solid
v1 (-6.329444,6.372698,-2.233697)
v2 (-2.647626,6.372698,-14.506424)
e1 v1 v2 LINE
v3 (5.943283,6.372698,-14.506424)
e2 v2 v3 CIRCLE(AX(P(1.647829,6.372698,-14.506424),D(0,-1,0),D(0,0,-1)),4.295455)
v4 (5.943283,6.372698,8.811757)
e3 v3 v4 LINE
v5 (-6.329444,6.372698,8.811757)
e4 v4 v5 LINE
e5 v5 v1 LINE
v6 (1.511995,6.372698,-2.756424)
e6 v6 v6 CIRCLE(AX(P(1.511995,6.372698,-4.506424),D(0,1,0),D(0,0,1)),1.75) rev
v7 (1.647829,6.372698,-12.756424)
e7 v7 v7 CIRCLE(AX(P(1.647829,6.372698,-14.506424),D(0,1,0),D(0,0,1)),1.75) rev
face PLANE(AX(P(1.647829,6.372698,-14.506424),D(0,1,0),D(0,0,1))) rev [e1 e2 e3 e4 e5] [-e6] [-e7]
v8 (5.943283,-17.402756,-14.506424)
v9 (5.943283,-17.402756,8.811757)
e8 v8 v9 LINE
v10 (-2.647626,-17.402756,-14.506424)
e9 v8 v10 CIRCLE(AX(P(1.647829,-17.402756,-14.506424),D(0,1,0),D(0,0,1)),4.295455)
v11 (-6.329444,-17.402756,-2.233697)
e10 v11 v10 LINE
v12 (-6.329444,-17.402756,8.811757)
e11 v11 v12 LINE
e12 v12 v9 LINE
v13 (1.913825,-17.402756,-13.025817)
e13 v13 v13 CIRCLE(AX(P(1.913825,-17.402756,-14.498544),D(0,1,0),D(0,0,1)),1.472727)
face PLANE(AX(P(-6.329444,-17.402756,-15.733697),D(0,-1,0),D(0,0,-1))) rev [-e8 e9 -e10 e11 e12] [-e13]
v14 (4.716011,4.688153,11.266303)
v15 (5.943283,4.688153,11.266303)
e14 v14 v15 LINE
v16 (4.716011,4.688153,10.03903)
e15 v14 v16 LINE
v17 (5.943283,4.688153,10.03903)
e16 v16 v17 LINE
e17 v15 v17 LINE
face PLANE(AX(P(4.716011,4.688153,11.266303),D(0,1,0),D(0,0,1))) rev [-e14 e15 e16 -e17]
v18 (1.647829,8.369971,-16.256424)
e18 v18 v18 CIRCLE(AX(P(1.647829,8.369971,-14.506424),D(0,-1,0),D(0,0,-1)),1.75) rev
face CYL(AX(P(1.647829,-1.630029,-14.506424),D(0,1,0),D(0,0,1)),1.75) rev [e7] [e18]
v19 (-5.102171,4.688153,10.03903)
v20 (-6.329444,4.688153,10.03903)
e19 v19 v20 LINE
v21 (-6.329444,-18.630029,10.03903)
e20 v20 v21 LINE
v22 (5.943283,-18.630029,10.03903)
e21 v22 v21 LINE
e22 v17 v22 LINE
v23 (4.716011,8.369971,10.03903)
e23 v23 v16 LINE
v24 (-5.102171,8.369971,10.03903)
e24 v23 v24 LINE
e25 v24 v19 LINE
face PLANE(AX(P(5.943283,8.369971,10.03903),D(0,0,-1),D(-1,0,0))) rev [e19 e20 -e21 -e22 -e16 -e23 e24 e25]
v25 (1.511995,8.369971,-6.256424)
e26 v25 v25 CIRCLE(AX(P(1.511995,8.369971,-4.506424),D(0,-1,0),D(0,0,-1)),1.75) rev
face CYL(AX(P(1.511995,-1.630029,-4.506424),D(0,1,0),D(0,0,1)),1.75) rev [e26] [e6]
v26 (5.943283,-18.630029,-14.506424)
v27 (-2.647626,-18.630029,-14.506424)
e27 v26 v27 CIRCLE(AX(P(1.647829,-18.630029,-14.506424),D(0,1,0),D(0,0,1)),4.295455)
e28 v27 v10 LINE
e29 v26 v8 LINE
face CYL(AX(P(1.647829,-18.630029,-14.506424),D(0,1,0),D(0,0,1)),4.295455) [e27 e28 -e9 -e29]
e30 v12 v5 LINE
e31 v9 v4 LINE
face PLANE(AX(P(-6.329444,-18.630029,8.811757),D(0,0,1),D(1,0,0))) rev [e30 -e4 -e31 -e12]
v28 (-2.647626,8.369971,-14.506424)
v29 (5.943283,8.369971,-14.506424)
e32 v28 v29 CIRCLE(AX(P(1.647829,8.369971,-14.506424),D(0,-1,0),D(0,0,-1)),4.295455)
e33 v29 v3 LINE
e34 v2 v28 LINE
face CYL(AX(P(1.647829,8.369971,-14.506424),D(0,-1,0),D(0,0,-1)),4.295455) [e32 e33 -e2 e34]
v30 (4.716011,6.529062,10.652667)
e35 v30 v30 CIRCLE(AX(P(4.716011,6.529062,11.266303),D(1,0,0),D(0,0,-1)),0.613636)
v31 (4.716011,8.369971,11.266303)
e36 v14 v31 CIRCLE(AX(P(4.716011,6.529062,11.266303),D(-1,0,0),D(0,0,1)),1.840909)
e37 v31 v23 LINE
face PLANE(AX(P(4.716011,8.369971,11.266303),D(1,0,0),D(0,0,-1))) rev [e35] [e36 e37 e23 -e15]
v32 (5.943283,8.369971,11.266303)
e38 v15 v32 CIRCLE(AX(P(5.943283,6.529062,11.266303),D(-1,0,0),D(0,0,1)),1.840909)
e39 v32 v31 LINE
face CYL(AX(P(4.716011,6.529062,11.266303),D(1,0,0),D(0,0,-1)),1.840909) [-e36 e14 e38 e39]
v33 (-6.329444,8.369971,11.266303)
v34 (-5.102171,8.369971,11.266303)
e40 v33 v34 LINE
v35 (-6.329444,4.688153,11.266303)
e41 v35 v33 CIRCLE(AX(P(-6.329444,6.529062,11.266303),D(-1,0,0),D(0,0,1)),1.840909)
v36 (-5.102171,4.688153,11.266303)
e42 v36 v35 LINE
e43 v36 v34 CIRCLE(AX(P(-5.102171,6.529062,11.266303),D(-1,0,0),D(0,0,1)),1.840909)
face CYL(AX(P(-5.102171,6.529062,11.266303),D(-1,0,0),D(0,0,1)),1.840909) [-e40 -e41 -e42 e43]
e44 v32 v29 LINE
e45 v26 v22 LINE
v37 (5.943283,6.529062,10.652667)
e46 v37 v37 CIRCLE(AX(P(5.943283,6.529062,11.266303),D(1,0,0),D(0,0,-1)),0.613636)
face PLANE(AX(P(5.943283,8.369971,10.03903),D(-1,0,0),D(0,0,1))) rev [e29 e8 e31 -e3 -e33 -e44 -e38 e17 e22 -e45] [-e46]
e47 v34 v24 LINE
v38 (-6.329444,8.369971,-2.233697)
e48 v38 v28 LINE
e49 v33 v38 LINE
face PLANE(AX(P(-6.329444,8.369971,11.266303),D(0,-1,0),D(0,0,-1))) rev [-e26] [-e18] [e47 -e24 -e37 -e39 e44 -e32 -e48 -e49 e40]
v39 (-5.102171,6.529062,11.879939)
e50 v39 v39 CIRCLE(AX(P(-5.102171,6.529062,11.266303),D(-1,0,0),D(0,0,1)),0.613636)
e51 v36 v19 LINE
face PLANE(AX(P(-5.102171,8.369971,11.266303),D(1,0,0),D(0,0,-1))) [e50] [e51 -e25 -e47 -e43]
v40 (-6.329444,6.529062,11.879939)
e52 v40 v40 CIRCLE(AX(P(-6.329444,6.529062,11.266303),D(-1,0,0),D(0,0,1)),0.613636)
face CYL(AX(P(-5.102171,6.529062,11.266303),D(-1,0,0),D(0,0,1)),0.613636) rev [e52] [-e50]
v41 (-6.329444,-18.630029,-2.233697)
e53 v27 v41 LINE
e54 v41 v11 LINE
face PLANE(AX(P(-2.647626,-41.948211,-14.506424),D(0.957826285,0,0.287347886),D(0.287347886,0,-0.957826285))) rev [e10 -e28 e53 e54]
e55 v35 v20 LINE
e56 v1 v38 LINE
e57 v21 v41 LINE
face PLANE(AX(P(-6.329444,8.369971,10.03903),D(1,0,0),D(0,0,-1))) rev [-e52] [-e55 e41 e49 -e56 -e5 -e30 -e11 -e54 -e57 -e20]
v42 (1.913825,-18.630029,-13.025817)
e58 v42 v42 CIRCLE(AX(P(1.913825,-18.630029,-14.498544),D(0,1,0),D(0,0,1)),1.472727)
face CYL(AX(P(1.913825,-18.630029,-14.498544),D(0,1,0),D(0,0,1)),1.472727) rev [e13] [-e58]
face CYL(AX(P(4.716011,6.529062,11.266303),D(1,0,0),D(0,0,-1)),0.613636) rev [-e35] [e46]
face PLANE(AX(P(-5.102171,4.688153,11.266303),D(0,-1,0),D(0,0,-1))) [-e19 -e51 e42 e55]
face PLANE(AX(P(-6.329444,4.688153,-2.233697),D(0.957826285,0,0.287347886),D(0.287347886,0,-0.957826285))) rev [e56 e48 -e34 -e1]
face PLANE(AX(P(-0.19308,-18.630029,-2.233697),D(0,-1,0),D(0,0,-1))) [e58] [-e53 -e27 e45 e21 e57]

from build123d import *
from build123d.topology import SkipClean

# Parameters (mm, degrees)
SKETCH_2_W           = 5
SKETCH_2_H           = 10
EXTRUDE_1_DEPTH      = 0.5
CUT_EXTRUDE_1_DEPTH  = 1.5
EXTRUDE_3_DEPTH      = 0.5
SKETCH_8_R           = 0.6
CUT_EXTRUDE_2_DEPTH  = 0.5
SKETCH_12_W          = 5
SKETCH_12_H          = 0.5
EXTRUDE_4_DEPTH      = 10.5
SKETCH_14_W          = 5
SKETCH_14_H          = 0.5
EXTRUDE_5_DEPTH      = 10
SKETCH_16_W          = 5
SKETCH_16_H          = 0.5
CUT_EXTRUDE_3_DEPTH  = 10
CUT_EXTRUDE_4_DEPTH  = 10
EXTRUDE_START        = -0.5
EXTRUDE_6_DEPTH      = 0.5
SKETCH_19_R          = 0.6
CUT_EXTRUDE_5_DEPTH  = 0.5
SKETCH_23_W          = 0.5
SKETCH_23_H          = 1.5
EXTRUDE_7_DEPTH      = 0.5
EXTRUDE_9_DEPTH      = 0.5
SKETCH_25_R          = 0.25
CUT_EXTRUDE_6_DEPTH  = 0.5
CUT_EXTRUDE_START    = -0.5
SKETCH_28_R          = 0.25
CUT_EXTRUDE_7_DEPTH  = 0.5
SCALE_1_SCALE        = 3.181818182
SCALE_2_SCALE        = 0.771428571
CUT_EXTRUDE_8_DEPTH  = 10
SKETCH_30_R          = 1.75
CUT_EXTRUDE_9_DEPTH  = 10
EXTRUDE_10_DEPTH     = 3
SKETCH_37_R          = 4.295454545
EXTRUDE_11_DEPTH     = 3
CUT_EXTRUDE_START_2  = -3
SKETCH_38_R          = 1.75
CUT_EXTRUDE_10_DEPTH = 3
SKETCH_39_R          = 1.75
CUT_EXTRUDE_11_DEPTH = 3
SKETCH_41_W          = 46.80206249
SKETCH_41_H          = 2.589600393
CUT_EXTRUDE_13_DEPTH = 30.175477213
SKETCH_42_W          = 32.065343688
SKETCH_42_H          = 1.095167369
CUT_EXTRUDE_14_DEPTH = 30.175477212
EXTRUDE_START_2      = 0.77
EXTRUDE_12_DEPTH     = 0.77
CUT_EXTRUDE_15_REACH = 34.524
SKETCH_44_R          = 1.75


with BuildPart() as part:
    # 草图2 → 凸台-拉伸1 (new body)
    with BuildSketch(Plane(origin=(0, 0, 0), x_dir=(1, 0, 0), z_dir=(0, 1, 0))):
        Rectangle(SKETCH_2_W, SKETCH_2_H)
    extrude(amount=EXTRUDE_1_DEPTH)

    # 草图3 → 切除-拉伸1 (cut)
    with BuildSketch(Plane(origin=(0, 0.5, 0), x_dir=(1, 0, 0), z_dir=(0, 1, 0))):
        Polygon((-2.5, 0), (-1, 5), (-4.597388324, 7.155522044), (-6.097388324, 2.155522044), align=None)
    extrude(amount=-CUT_EXTRUDE_1_DEPTH, mode=Mode.SUBTRACT)

    # 草图6 → 凸台-拉伸3 (add)
    with BuildSketch(Plane.XZ):
        with BuildLine():
            Line((-1, -5), (2.5, -5))
            ThreePointArc((2.5, -5), (0.75, -6.75), (-1, -5))
        make_face()
    extrude(amount=-EXTRUDE_3_DEPTH)

    # 草图8 → 切除-拉伸2 (cut)
    with BuildSketch(Plane(origin=(0, 0.5, 0), x_dir=(1, 0, 0), z_dir=(0, 1, 0))):
        with Locations(Location((0.858368729, 4.996789463, 0), (0, 0, 270))):
            Circle(SKETCH_8_R)
    extrude(amount=-CUT_EXTRUDE_2_DEPTH, mode=Mode.SUBTRACT)

    # 草图12 → 凸台-拉伸4 (add)
    with BuildSketch(Plane.XZ):
        with Locations((0, 4.75)):
            Rectangle(SKETCH_12_W, SKETCH_12_H)
    extrude(amount=EXTRUDE_4_DEPTH)

    # 草图14 → 凸台-拉伸5 (add)
    with BuildSketch(Plane(origin=(0, 0, 4.5), x_dir=(-1, 0, 0), z_dir=(0, 0, -1))):
        with Locations((0, -10.25)):
            Rectangle(SKETCH_14_W, SKETCH_14_H)
    extrude(amount=EXTRUDE_5_DEPTH)

    # 草图16 → 切除-拉伸3 (cut)
    with BuildSketch(Plane(origin=(0, -10, 0), x_dir=(1, 0, 0), z_dir=(0, 1, 0))):
        with Locations((0, 5.25)):
            Rectangle(SKETCH_16_W, SKETCH_16_H)
    extrude(amount=-CUT_EXTRUDE_3_DEPTH, mode=Mode.SUBTRACT)

    # 草图17 → 切除-拉伸4 (cut)
    with BuildSketch(Plane(origin=(0, -10, 0), x_dir=(1, 0, 0), z_dir=(0, 1, 0))):
        Polygon((-1, 5), (-2.5, 0), (-4.860653069, 1.950314005), (-3.360653069, 6.950314005), align=None)
    extrude(amount=-CUT_EXTRUDE_4_DEPTH, mode=Mode.SUBTRACT)

    # 草图18 → 凸台-拉伸6 (add)
    with BuildSketch(Plane(origin=(0, -10, 0), x_dir=(1, 0, 0), z_dir=(0, 1, 0)).offset(EXTRUDE_START)):
        with BuildLine():
            Line((-1, 5), (2.5, 5))
            ThreePointArc((2.5, 5), (0.75, 6.75), (-1, 5))
        make_face()
    extrude(amount=EXTRUDE_6_DEPTH)

    # 草图19 → 切除-拉伸5 (cut)
    with BuildSketch(Plane(origin=(0, -10, 0), x_dir=(1, 0, 0), z_dir=(0, 1, 0))):
        with Locations(Location((0.858368729, 4.996789463, 0), (0, 0, 270))):
            Circle(SKETCH_19_R)
    extrude(amount=-CUT_EXTRUDE_5_DEPTH, mode=Mode.SUBTRACT)

    # 草图23 → 凸台-拉伸7 (add)
    with BuildSketch(Plane.XY.offset(5)):
        with Locations((2.25, -0.25)):
            Rectangle(SKETCH_23_W, SKETCH_23_H)
    extrude_7 = extrude(amount=EXTRUDE_7_DEPTH)

    # 草图24 → 凸台-拉伸9 (add)
    with BuildSketch(Plane(origin=(2.5, 0, 0), x_dir=(0, 0, -1), z_dir=(1, 0, 0))):
        with BuildLine():
            Line((-5.5, 0.5), (-5.5, -1))
            ThreePointArc((-5.5, -1), (-6.25, -0.25), (-5.5, 0.5))
        make_face()
    extrude_9 = extrude(amount=-EXTRUDE_9_DEPTH)

    # 草图25 → 切除-拉伸6 (cut)
    with BuildSketch(Plane(origin=(2.5, 0, 0), x_dir=(0, 0, -1), z_dir=(1, 0, 0))):
        with Locations((-5.5, -0.25)):
            Circle(SKETCH_25_R)
    extrude(amount=-CUT_EXTRUDE_6_DEPTH, mode=Mode.SUBTRACT)

    # 镜向1: 凸台-拉伸7, 凸台-拉伸9 across plane
    add(extrude_7.mirror(Plane(origin=(0, 0, 0), x_dir=(0, 0, 1), z_dir=(1, 0, 0))))
    add(extrude_9.mirror(Plane(origin=(0, 0, 0), x_dir=(0, 0, 1), z_dir=(1, 0, 0))))

    # 草图28 → 切除-拉伸7 (cut)
    with BuildSketch(Plane.ZY.offset(2.5).offset(CUT_EXTRUDE_START)):
        with Locations(Location((5.5, -0.25, 0), (0, 0, 180))):
            Circle(SKETCH_28_R)
    extrude(amount=CUT_EXTRUDE_7_DEPTH, mode=Mode.SUBTRACT)


with BuildPart() as part_1:
    # 缩放比例1: scaled about (0.132742616, -4.910605003, 1.535666779)
    add(part.part.scale(SCALE_1_SCALE).moved(Location((-0.289620253, 10.714047279, -3.3505457))))


with BuildPart() as part_2:
    # 缩放比例2: scaled about (0.132742617, -4.910605002, 1.53566678)
    add(part_1.part.scale(SCALE_2_SCALE).moved(Location((0.03034117, -1.122424, 0.35100955))))

    # 草图29 → 切除-拉伸8 (cut)
    with BuildSketch(Plane(origin=(0, 8.369970913, 0), x_dir=(1, 0, 0), z_dir=(0, 1, 0))):
        with BuildLine():
            ThreePointArc((3.397828922, 14.506424406), (1.647828922, 16.256424406), (-0.102171078, 14.506424406))
            Line((-0.102171078, 14.506424406), (0.441118704, 14.506424406))
            ThreePointArc((0.441118704, 14.506424406), (1.913824893, 15.97127127), (3.386531082, 14.506424406))
            Line((3.386531082, 14.506424406), (3.397828922, 14.506424406))
        make_face()
        with BuildLine():
            Line((0.441118704, 14.506424406), (-0.102171078, 14.506424406))
            ThreePointArc((-0.102171078, 14.506424406), (1.647828922, 12.756424406), (3.397828922, 14.506424406))
            Line((3.397828922, 14.506424406), (3.386531082, 14.506424406))
            ThreePointArc((3.386531082, 14.506424406), (3.386546895, 14.502484216), (3.386552166, 14.498543997))
            ThreePointArc((3.386552166, 14.498543997), (1.909884674, 13.025821995), (0.441118704, 14.506424406))
        make_face()
    extrude(amount=-CUT_EXTRUDE_8_DEPTH, mode=Mode.SUBTRACT)

    # 草图30 → 切除-拉伸9 (cut)
    with BuildSketch(Plane(origin=(0, 8.369970913, 0), x_dir=(1, 0, 0), z_dir=(0, 1, 0))):
        with Locations(Location((1.511995488, 4.506424406, 0), (0, 0, 270))):
            Circle(SKETCH_30_R)
    extrude(amount=-CUT_EXTRUDE_9_DEPTH, mode=Mode.SUBTRACT)

    # 草图33 → 凸台-拉伸10 (add)
    with BuildSketch(Plane(origin=(0, 8.369970913, 0), x_dir=(1, 0, 0), z_dir=(0, 1, 0))):
        Polygon((-5.102171078, -10.039030139), (-5.102171078, -11.266302866), (-6.329443805, -11.266302866), (-6.329443805, 2.233697134), (-2.647625624, 14.506424406), (5.943283467, 14.506424406), (5.943283467, -11.266302866), (4.71601074, -11.266302866), (4.71601074, -10.039030139), align=None)
    extrude(amount=EXTRUDE_10_DEPTH)

    # 草图37 → 凸台-拉伸11 (add)
    with BuildSketch(Plane(origin=(0, 8.369970913, 0), x_dir=(1, 0, 0), z_dir=(0, 1, 0))):
        with Locations((1.647828922, 14.506424406)):
            Circle(SKETCH_37_R)
    extrude(amount=EXTRUDE_11_DEPTH)

    # 草图38 → 切除-拉伸10 (cut)
    with SkipClean():  # the faces are left unmerged after this step: merging them gives an invalid solid
        with BuildSketch(Plane(origin=(0, 8.369970913, 0), x_dir=(-1, 0, 0), z_dir=(0, -1, 0)).offset(CUT_EXTRUDE_START_2)):
            with Locations(Location((-1.647828922, 14.506424406, 0), (0, 0, 270))):
                Circle(SKETCH_38_R)
        extrude(amount=CUT_EXTRUDE_10_DEPTH, mode=Mode.SUBTRACT)

    # 草图39 → 切除-拉伸11 (cut)
    with BuildSketch(Plane(origin=(0, 8.369970913, 0), x_dir=(-1, 0, 0), z_dir=(0, -1, 0)).offset(CUT_EXTRUDE_START_2)):
        with Locations(Location((-1.511995488, 4.506424406, 0), (0, 0, 270))):
            Circle(SKETCH_39_R)
    extrude(amount=CUT_EXTRUDE_11_DEPTH, mode=Mode.SUBTRACT)

    # 草图41 → 切除-拉伸13 (cut, through all)
    with BuildSketch(Plane(origin=(5.943283467, 0, 0), x_dir=(0, 0, -1), z_dir=(1, 0, 0))):
        with Locations((1.937836064, 10.437498382)):
            Rectangle(SKETCH_41_W, SKETCH_41_H)
    extrude(amount=-CUT_EXTRUDE_13_DEPTH, mode=Mode.SUBTRACT)

    # 草图42 → 切除-拉伸14 (cut, through all)
    with BuildSketch(Plane(origin=(5.943283467, 0, 0), x_dir=(0, 0, -1), z_dir=(1, 0, 0))):
        with Locations((4.766368978, 8.917554598)):
            Rectangle(SKETCH_42_W, SKETCH_42_H)
    extrude(amount=-CUT_EXTRUDE_14_DEPTH, mode=Mode.SUBTRACT)

    # 草图43 → 凸台-拉伸12 (add)
    with BuildSketch(Plane.XZ.offset(-7.142698186).offset(EXTRUDE_START_2)):
        with BuildLine():
            Line((-6.329443805, 8.811757412), (5.943283467, 8.811757412))
            Line((5.943283467, 8.811757412), (5.943283467, -14.506424406))
            ThreePointArc((5.943283467, -14.506424406), (4.685173959, -17.543769444), (1.647828922, -18.801878952))
            ThreePointArc((1.647828922, -18.801878952), (-1.389516115, -17.543769444), (-2.647625624, -14.506424406))
            Line((-2.647625624, -14.506424406), (-6.329443805, -2.233697134))
            Line((-6.329443805, -2.233697134), (-6.329443805, 8.811757412))
        make_face()
    extrude(amount=-EXTRUDE_12_DEPTH)

    # 草图44 → 切除-拉伸15 (cut, up to next)
    with BuildSketch(Plane(origin=(0, 7.142698186, 0), x_dir=(1, 0, 0), z_dir=(0, 1, 0)), mode=Mode.PRIVATE) as cut_extrude_15_sk1:
        with Locations(Location((1.511995488, 4.506424406, 0), (0, 0, 270))):
            Circle(SKETCH_44_R)
    cut_extrude_15_tool1 = extrude(cut_extrude_15_sk1.sketch, amount=-CUT_EXTRUDE_15_REACH, mode=Mode.PRIVATE) & part_2.part
    # 草图44 → 切除-拉伸15 (cut, up to next)
    with BuildSketch(Plane(origin=(0, 7.142698186, 0), x_dir=(1, 0, 0), z_dir=(0, 1, 0)), mode=Mode.PRIVATE) as cut_extrude_15_sk2:
        with Locations(Location((1.647828922, 14.506424406, 0), (0, 0, 270))):
            Circle(SKETCH_44_R)
    cut_extrude_15_tool2 = extrude(cut_extrude_15_sk2.sketch, amount=-CUT_EXTRUDE_15_REACH, mode=Mode.PRIVATE) & part_2.part
    add(cut_extrude_15_tool1.solids().sort_by_distance((1.511995, 7.142698, -4.506424))[0], mode=Mode.SUBTRACT)
    add(cut_extrude_15_tool2.solids().sort_by_distance((1.647829, 7.142698, -14.506424))[0], mode=Mode.SUBTRACT)


solid = part_2.part
